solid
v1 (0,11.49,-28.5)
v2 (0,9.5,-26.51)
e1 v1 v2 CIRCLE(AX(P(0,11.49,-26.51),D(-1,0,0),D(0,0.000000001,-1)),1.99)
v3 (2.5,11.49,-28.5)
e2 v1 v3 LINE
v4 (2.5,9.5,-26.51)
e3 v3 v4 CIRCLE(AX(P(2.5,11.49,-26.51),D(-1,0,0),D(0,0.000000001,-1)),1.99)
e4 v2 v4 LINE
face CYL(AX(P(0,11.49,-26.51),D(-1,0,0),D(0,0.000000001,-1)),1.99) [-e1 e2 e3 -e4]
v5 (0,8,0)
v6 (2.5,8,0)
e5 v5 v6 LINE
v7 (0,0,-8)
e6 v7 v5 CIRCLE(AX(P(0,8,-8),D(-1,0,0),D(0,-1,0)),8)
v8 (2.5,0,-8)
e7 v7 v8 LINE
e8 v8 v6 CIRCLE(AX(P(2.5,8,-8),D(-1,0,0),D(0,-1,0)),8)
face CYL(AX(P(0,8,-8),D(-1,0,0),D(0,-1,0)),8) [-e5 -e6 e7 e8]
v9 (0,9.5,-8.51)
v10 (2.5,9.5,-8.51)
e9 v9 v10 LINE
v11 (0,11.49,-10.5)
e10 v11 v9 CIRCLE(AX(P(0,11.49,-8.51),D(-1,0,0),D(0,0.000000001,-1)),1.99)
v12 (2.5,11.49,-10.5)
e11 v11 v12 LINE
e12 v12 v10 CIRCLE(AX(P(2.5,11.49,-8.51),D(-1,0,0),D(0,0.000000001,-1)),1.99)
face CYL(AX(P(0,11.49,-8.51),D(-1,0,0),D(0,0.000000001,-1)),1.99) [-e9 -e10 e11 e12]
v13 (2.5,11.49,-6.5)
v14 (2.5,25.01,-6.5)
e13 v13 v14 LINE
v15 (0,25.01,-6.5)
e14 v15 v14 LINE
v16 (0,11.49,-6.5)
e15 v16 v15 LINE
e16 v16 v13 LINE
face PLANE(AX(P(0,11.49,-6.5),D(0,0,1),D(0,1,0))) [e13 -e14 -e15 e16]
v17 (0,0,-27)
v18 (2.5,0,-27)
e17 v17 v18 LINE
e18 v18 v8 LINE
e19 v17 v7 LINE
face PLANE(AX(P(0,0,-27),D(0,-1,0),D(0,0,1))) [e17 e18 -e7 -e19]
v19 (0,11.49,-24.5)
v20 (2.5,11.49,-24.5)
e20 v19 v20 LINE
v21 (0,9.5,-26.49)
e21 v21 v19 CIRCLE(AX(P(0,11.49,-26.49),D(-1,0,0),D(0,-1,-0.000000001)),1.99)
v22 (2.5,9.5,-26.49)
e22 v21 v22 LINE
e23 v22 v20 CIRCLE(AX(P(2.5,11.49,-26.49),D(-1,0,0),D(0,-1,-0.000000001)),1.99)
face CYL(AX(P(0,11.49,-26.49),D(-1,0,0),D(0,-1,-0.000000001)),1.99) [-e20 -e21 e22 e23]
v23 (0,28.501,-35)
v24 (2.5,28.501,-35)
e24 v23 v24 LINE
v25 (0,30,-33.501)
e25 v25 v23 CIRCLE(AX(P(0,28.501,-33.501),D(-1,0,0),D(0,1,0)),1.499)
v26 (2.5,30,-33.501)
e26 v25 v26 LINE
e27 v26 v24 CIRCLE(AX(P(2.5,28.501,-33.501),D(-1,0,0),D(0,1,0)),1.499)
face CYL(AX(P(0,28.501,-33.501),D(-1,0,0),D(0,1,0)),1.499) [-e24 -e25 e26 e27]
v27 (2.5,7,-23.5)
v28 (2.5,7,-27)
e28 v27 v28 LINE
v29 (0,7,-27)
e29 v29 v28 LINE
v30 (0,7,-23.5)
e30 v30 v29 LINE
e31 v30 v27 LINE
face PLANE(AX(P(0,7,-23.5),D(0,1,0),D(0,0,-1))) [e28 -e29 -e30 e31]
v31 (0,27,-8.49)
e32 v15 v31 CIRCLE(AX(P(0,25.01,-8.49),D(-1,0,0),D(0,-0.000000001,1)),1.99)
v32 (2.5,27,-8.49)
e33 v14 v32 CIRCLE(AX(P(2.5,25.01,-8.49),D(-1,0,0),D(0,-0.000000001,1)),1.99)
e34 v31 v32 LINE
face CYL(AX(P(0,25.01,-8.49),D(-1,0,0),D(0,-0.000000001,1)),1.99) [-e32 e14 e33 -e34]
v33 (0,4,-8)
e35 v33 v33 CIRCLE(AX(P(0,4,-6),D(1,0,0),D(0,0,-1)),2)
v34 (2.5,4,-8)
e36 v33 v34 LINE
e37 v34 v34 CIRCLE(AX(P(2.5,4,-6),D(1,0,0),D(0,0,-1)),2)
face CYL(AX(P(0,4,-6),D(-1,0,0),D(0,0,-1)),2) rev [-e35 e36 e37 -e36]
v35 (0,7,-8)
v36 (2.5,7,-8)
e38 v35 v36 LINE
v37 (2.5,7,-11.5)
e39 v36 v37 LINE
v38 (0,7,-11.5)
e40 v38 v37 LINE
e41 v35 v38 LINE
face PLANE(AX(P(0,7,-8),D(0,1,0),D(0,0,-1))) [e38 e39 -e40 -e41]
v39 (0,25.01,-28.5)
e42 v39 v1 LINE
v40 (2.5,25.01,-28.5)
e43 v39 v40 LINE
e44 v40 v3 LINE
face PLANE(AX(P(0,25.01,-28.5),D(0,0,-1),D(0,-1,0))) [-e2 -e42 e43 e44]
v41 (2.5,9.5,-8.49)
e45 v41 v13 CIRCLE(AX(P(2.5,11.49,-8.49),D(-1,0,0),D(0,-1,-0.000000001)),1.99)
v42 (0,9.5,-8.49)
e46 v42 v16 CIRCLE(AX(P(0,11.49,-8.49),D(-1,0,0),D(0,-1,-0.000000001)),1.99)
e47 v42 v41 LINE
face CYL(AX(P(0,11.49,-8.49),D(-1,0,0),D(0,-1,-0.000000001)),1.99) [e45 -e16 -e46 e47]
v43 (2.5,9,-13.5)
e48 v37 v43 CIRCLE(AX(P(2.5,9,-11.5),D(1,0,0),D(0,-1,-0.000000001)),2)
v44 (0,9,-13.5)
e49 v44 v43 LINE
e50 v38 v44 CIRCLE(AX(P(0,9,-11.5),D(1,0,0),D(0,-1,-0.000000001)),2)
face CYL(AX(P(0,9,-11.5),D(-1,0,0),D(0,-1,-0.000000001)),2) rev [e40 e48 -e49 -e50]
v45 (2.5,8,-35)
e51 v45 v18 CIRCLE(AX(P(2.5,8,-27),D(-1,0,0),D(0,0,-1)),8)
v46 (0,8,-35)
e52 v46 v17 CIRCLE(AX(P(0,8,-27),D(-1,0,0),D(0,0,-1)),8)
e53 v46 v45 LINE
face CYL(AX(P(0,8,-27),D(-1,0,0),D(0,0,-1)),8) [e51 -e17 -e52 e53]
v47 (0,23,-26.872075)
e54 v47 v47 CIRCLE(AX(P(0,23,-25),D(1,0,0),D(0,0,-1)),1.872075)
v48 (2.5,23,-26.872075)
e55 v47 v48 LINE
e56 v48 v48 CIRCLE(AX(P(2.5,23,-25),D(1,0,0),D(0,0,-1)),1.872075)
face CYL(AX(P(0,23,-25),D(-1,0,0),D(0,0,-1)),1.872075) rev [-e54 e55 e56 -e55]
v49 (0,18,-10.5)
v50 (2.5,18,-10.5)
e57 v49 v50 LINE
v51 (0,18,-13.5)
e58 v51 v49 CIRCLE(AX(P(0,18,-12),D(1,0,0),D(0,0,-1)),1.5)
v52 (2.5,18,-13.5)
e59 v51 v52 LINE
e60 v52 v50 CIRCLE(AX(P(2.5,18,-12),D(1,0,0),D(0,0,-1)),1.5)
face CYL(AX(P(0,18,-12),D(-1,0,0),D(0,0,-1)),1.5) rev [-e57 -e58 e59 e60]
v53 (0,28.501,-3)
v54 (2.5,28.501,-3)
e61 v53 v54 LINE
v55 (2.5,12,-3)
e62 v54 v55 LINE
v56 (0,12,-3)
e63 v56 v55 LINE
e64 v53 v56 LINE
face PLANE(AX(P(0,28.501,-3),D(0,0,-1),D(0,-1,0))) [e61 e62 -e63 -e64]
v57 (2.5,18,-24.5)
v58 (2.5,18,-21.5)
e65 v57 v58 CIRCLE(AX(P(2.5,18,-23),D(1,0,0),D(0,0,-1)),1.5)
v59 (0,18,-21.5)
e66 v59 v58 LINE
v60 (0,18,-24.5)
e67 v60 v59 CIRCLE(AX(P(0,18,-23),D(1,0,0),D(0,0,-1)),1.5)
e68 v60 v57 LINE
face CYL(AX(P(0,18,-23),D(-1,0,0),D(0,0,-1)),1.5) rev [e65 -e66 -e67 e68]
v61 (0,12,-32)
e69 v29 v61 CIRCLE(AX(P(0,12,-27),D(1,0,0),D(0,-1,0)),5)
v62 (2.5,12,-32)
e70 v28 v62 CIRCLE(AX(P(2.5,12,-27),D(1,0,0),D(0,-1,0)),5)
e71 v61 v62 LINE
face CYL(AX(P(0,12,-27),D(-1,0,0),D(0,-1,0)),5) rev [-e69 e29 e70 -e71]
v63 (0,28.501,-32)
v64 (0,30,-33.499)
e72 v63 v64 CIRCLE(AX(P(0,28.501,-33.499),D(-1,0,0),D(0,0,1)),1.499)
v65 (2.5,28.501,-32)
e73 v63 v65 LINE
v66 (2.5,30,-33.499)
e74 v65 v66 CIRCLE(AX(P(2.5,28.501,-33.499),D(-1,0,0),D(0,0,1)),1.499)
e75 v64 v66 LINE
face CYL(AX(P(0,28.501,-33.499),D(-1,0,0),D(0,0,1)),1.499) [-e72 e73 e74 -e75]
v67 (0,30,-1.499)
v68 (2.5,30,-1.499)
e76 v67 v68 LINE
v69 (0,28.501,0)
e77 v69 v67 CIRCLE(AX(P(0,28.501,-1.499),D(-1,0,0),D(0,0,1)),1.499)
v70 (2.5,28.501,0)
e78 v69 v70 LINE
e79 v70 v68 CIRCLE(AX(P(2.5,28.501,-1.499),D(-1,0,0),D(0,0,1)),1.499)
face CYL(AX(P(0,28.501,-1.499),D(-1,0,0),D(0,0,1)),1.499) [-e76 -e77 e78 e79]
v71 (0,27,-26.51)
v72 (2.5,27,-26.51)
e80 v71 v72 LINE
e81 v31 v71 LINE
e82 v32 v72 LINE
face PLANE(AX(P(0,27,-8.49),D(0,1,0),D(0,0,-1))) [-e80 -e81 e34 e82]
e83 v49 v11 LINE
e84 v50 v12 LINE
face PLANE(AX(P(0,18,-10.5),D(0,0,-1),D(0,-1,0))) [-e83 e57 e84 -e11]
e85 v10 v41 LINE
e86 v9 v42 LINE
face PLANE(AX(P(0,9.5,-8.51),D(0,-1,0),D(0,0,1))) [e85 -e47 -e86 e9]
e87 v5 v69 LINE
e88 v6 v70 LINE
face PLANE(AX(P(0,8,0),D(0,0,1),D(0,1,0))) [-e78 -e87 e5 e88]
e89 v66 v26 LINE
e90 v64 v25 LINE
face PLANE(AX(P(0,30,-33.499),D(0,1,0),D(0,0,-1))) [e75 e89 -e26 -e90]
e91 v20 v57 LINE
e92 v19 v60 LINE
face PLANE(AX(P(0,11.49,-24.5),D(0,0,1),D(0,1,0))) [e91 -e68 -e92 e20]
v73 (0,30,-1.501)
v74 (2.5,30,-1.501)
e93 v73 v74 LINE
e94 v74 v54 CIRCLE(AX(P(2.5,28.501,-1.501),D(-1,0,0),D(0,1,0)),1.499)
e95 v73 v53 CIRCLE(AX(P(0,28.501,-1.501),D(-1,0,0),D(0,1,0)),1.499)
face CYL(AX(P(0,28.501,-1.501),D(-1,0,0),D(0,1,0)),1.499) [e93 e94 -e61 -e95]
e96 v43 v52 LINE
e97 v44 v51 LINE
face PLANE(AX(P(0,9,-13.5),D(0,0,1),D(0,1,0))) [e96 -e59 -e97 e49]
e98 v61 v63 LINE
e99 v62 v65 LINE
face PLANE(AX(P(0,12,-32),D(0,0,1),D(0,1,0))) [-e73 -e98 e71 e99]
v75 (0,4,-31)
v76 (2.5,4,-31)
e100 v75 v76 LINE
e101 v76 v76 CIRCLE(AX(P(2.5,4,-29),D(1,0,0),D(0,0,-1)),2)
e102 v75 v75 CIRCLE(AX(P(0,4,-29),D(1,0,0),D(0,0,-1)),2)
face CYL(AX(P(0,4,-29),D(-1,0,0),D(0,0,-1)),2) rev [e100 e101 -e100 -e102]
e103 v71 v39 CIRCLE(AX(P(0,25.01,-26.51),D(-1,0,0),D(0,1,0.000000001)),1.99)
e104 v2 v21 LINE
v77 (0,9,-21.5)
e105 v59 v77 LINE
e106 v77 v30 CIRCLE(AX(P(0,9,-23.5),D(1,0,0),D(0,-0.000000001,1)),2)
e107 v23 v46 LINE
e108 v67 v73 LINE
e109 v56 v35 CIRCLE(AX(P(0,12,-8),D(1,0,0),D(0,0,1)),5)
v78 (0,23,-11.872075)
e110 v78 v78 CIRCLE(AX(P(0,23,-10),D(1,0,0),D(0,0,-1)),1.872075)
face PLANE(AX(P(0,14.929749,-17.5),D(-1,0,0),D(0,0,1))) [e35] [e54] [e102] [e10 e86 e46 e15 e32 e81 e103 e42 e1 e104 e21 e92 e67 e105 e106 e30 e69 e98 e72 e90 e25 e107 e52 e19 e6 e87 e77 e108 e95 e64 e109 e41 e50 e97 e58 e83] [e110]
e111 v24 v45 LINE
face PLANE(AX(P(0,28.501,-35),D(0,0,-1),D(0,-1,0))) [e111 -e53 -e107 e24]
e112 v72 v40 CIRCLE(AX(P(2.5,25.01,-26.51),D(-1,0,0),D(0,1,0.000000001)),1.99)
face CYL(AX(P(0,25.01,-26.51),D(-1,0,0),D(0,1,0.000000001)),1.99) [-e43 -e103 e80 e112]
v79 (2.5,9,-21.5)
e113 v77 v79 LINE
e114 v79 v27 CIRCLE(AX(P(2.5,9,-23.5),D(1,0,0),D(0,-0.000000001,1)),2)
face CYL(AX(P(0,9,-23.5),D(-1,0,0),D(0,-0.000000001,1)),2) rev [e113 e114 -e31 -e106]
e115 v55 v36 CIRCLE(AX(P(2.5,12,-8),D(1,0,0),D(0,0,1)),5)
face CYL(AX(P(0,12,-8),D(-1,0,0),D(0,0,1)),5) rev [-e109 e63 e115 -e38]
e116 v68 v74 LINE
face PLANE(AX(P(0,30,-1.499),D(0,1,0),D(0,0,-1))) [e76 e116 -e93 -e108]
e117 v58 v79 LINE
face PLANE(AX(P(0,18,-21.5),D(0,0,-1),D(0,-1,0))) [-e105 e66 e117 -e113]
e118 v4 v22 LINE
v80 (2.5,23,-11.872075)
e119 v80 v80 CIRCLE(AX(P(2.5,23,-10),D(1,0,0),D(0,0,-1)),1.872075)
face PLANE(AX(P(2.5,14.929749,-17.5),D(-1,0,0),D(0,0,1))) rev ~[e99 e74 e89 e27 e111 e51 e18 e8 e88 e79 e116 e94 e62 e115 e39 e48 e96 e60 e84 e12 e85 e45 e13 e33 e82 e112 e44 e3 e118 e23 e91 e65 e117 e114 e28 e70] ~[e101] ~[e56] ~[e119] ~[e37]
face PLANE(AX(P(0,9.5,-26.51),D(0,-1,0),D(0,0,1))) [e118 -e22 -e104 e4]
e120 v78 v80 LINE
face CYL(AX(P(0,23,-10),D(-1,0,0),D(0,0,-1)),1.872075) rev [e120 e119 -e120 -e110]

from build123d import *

# Parameters (mm, degrees)
SKETCH1_R           = 1.872075336
SKETCH1_R_2         = 2
BOSS_EXTRUDE1_DEPTH = 2.5


with BuildPart() as part:
    # Sketch1 → Boss-Extrude1 (new body)
    with BuildSketch(Plane(origin=(0, 0, 0), x_dir=(0, 0, -1), z_dir=(1, 0, 0))):
        with BuildLine():
            Line((23.5, 7), (27, 7))
            ThreePointArc((27, 7), (30.535533906, 8.464466094), (32, 12))
            Line((32, 12), (32, 28.501))
            ThreePointArc((32, 28.501), (32.439046935, 29.560953065), (33.499, 30))
            Line((33.499, 30), (33.501, 30))
            ThreePointArc((33.501, 30), (34.560953065, 29.560953065), (35, 28.501))
            Line((35, 28.501), (35, 8))
            ThreePointArc((35, 8), (32.656854249, 2.343145751), (27, 0))
            Line((27, 0), (8, 0))
            ThreePointArc((8, 0), (2.343145751, 2.343145751), (0, 8))
            Line((0, 8), (0, 28.501))
            ThreePointArc((0, 28.501), (0.439046935, 29.560953065), (1.499, 30))
            Line((1.499, 30), (1.501, 30))
            ThreePointArc((1.501, 30), (2.560953065, 29.560953065), (3, 28.501))
            Line((3, 28.501), (3, 12))
            ThreePointArc((3, 12), (4.464466094, 8.464466094), (8, 7))
            Line((8, 7), (11.5, 7))
            ThreePointArc((11.5, 7), (12.914213562, 7.585786438), (13.5, 9))
            Line((13.5, 9), (13.5, 18))
            ThreePointArc((13.5, 18), (12, 19.5), (10.5, 18))
            Line((10.5, 18), (10.5, 11.49))
            ThreePointArc((10.5, 11.49), (9.917142495, 10.082857505), (8.51, 9.5))
            Line((8.51, 9.5), (8.49, 9.5))
            ThreePointArc((8.49, 9.5), (7.082857505, 10.082857505), (6.5, 11.49))
            Line((6.5, 11.49), (6.5, 25.01))
            ThreePointArc((6.5, 25.01), (7.082857505, 26.417142495), (8.49, 27))
            Line((8.49, 27), (26.51, 27))
            ThreePointArc((26.51, 27), (27.917142495, 26.417142495), (28.5, 25.01))
            Line((28.5, 25.01), (28.5, 11.49))
            ThreePointArc((28.5, 11.49), (27.917142495, 10.082857505), (26.51, 9.5))
            Line((26.51, 9.5), (26.49, 9.5))
            ThreePointArc((26.49, 9.5), (25.082857505, 10.082857505), (24.5, 11.49))
            Line((24.5, 11.49), (24.5, 18))
            ThreePointArc((24.5, 18), (23, 19.5), (21.5, 18))
            Line((21.5, 18), (21.5, 9))
            ThreePointArc((21.5, 9), (22.085786438, 7.585786438), (23.5, 7))
        make_face()
        with Locations((10, 23)):
            Circle(SKETCH1_R, mode=Mode.SUBTRACT)
        with Locations((25, 23)):
            Circle(SKETCH1_R, mode=Mode.SUBTRACT)
        with Locations((6, 4)):
            Circle(SKETCH1_R_2, mode=Mode.SUBTRACT)
        with Locations((29, 4)):
            Circle(SKETCH1_R_2, mode=Mode.SUBTRACT)
    extrude(amount=BOSS_EXTRUDE1_DEPTH)


solid = part.part
